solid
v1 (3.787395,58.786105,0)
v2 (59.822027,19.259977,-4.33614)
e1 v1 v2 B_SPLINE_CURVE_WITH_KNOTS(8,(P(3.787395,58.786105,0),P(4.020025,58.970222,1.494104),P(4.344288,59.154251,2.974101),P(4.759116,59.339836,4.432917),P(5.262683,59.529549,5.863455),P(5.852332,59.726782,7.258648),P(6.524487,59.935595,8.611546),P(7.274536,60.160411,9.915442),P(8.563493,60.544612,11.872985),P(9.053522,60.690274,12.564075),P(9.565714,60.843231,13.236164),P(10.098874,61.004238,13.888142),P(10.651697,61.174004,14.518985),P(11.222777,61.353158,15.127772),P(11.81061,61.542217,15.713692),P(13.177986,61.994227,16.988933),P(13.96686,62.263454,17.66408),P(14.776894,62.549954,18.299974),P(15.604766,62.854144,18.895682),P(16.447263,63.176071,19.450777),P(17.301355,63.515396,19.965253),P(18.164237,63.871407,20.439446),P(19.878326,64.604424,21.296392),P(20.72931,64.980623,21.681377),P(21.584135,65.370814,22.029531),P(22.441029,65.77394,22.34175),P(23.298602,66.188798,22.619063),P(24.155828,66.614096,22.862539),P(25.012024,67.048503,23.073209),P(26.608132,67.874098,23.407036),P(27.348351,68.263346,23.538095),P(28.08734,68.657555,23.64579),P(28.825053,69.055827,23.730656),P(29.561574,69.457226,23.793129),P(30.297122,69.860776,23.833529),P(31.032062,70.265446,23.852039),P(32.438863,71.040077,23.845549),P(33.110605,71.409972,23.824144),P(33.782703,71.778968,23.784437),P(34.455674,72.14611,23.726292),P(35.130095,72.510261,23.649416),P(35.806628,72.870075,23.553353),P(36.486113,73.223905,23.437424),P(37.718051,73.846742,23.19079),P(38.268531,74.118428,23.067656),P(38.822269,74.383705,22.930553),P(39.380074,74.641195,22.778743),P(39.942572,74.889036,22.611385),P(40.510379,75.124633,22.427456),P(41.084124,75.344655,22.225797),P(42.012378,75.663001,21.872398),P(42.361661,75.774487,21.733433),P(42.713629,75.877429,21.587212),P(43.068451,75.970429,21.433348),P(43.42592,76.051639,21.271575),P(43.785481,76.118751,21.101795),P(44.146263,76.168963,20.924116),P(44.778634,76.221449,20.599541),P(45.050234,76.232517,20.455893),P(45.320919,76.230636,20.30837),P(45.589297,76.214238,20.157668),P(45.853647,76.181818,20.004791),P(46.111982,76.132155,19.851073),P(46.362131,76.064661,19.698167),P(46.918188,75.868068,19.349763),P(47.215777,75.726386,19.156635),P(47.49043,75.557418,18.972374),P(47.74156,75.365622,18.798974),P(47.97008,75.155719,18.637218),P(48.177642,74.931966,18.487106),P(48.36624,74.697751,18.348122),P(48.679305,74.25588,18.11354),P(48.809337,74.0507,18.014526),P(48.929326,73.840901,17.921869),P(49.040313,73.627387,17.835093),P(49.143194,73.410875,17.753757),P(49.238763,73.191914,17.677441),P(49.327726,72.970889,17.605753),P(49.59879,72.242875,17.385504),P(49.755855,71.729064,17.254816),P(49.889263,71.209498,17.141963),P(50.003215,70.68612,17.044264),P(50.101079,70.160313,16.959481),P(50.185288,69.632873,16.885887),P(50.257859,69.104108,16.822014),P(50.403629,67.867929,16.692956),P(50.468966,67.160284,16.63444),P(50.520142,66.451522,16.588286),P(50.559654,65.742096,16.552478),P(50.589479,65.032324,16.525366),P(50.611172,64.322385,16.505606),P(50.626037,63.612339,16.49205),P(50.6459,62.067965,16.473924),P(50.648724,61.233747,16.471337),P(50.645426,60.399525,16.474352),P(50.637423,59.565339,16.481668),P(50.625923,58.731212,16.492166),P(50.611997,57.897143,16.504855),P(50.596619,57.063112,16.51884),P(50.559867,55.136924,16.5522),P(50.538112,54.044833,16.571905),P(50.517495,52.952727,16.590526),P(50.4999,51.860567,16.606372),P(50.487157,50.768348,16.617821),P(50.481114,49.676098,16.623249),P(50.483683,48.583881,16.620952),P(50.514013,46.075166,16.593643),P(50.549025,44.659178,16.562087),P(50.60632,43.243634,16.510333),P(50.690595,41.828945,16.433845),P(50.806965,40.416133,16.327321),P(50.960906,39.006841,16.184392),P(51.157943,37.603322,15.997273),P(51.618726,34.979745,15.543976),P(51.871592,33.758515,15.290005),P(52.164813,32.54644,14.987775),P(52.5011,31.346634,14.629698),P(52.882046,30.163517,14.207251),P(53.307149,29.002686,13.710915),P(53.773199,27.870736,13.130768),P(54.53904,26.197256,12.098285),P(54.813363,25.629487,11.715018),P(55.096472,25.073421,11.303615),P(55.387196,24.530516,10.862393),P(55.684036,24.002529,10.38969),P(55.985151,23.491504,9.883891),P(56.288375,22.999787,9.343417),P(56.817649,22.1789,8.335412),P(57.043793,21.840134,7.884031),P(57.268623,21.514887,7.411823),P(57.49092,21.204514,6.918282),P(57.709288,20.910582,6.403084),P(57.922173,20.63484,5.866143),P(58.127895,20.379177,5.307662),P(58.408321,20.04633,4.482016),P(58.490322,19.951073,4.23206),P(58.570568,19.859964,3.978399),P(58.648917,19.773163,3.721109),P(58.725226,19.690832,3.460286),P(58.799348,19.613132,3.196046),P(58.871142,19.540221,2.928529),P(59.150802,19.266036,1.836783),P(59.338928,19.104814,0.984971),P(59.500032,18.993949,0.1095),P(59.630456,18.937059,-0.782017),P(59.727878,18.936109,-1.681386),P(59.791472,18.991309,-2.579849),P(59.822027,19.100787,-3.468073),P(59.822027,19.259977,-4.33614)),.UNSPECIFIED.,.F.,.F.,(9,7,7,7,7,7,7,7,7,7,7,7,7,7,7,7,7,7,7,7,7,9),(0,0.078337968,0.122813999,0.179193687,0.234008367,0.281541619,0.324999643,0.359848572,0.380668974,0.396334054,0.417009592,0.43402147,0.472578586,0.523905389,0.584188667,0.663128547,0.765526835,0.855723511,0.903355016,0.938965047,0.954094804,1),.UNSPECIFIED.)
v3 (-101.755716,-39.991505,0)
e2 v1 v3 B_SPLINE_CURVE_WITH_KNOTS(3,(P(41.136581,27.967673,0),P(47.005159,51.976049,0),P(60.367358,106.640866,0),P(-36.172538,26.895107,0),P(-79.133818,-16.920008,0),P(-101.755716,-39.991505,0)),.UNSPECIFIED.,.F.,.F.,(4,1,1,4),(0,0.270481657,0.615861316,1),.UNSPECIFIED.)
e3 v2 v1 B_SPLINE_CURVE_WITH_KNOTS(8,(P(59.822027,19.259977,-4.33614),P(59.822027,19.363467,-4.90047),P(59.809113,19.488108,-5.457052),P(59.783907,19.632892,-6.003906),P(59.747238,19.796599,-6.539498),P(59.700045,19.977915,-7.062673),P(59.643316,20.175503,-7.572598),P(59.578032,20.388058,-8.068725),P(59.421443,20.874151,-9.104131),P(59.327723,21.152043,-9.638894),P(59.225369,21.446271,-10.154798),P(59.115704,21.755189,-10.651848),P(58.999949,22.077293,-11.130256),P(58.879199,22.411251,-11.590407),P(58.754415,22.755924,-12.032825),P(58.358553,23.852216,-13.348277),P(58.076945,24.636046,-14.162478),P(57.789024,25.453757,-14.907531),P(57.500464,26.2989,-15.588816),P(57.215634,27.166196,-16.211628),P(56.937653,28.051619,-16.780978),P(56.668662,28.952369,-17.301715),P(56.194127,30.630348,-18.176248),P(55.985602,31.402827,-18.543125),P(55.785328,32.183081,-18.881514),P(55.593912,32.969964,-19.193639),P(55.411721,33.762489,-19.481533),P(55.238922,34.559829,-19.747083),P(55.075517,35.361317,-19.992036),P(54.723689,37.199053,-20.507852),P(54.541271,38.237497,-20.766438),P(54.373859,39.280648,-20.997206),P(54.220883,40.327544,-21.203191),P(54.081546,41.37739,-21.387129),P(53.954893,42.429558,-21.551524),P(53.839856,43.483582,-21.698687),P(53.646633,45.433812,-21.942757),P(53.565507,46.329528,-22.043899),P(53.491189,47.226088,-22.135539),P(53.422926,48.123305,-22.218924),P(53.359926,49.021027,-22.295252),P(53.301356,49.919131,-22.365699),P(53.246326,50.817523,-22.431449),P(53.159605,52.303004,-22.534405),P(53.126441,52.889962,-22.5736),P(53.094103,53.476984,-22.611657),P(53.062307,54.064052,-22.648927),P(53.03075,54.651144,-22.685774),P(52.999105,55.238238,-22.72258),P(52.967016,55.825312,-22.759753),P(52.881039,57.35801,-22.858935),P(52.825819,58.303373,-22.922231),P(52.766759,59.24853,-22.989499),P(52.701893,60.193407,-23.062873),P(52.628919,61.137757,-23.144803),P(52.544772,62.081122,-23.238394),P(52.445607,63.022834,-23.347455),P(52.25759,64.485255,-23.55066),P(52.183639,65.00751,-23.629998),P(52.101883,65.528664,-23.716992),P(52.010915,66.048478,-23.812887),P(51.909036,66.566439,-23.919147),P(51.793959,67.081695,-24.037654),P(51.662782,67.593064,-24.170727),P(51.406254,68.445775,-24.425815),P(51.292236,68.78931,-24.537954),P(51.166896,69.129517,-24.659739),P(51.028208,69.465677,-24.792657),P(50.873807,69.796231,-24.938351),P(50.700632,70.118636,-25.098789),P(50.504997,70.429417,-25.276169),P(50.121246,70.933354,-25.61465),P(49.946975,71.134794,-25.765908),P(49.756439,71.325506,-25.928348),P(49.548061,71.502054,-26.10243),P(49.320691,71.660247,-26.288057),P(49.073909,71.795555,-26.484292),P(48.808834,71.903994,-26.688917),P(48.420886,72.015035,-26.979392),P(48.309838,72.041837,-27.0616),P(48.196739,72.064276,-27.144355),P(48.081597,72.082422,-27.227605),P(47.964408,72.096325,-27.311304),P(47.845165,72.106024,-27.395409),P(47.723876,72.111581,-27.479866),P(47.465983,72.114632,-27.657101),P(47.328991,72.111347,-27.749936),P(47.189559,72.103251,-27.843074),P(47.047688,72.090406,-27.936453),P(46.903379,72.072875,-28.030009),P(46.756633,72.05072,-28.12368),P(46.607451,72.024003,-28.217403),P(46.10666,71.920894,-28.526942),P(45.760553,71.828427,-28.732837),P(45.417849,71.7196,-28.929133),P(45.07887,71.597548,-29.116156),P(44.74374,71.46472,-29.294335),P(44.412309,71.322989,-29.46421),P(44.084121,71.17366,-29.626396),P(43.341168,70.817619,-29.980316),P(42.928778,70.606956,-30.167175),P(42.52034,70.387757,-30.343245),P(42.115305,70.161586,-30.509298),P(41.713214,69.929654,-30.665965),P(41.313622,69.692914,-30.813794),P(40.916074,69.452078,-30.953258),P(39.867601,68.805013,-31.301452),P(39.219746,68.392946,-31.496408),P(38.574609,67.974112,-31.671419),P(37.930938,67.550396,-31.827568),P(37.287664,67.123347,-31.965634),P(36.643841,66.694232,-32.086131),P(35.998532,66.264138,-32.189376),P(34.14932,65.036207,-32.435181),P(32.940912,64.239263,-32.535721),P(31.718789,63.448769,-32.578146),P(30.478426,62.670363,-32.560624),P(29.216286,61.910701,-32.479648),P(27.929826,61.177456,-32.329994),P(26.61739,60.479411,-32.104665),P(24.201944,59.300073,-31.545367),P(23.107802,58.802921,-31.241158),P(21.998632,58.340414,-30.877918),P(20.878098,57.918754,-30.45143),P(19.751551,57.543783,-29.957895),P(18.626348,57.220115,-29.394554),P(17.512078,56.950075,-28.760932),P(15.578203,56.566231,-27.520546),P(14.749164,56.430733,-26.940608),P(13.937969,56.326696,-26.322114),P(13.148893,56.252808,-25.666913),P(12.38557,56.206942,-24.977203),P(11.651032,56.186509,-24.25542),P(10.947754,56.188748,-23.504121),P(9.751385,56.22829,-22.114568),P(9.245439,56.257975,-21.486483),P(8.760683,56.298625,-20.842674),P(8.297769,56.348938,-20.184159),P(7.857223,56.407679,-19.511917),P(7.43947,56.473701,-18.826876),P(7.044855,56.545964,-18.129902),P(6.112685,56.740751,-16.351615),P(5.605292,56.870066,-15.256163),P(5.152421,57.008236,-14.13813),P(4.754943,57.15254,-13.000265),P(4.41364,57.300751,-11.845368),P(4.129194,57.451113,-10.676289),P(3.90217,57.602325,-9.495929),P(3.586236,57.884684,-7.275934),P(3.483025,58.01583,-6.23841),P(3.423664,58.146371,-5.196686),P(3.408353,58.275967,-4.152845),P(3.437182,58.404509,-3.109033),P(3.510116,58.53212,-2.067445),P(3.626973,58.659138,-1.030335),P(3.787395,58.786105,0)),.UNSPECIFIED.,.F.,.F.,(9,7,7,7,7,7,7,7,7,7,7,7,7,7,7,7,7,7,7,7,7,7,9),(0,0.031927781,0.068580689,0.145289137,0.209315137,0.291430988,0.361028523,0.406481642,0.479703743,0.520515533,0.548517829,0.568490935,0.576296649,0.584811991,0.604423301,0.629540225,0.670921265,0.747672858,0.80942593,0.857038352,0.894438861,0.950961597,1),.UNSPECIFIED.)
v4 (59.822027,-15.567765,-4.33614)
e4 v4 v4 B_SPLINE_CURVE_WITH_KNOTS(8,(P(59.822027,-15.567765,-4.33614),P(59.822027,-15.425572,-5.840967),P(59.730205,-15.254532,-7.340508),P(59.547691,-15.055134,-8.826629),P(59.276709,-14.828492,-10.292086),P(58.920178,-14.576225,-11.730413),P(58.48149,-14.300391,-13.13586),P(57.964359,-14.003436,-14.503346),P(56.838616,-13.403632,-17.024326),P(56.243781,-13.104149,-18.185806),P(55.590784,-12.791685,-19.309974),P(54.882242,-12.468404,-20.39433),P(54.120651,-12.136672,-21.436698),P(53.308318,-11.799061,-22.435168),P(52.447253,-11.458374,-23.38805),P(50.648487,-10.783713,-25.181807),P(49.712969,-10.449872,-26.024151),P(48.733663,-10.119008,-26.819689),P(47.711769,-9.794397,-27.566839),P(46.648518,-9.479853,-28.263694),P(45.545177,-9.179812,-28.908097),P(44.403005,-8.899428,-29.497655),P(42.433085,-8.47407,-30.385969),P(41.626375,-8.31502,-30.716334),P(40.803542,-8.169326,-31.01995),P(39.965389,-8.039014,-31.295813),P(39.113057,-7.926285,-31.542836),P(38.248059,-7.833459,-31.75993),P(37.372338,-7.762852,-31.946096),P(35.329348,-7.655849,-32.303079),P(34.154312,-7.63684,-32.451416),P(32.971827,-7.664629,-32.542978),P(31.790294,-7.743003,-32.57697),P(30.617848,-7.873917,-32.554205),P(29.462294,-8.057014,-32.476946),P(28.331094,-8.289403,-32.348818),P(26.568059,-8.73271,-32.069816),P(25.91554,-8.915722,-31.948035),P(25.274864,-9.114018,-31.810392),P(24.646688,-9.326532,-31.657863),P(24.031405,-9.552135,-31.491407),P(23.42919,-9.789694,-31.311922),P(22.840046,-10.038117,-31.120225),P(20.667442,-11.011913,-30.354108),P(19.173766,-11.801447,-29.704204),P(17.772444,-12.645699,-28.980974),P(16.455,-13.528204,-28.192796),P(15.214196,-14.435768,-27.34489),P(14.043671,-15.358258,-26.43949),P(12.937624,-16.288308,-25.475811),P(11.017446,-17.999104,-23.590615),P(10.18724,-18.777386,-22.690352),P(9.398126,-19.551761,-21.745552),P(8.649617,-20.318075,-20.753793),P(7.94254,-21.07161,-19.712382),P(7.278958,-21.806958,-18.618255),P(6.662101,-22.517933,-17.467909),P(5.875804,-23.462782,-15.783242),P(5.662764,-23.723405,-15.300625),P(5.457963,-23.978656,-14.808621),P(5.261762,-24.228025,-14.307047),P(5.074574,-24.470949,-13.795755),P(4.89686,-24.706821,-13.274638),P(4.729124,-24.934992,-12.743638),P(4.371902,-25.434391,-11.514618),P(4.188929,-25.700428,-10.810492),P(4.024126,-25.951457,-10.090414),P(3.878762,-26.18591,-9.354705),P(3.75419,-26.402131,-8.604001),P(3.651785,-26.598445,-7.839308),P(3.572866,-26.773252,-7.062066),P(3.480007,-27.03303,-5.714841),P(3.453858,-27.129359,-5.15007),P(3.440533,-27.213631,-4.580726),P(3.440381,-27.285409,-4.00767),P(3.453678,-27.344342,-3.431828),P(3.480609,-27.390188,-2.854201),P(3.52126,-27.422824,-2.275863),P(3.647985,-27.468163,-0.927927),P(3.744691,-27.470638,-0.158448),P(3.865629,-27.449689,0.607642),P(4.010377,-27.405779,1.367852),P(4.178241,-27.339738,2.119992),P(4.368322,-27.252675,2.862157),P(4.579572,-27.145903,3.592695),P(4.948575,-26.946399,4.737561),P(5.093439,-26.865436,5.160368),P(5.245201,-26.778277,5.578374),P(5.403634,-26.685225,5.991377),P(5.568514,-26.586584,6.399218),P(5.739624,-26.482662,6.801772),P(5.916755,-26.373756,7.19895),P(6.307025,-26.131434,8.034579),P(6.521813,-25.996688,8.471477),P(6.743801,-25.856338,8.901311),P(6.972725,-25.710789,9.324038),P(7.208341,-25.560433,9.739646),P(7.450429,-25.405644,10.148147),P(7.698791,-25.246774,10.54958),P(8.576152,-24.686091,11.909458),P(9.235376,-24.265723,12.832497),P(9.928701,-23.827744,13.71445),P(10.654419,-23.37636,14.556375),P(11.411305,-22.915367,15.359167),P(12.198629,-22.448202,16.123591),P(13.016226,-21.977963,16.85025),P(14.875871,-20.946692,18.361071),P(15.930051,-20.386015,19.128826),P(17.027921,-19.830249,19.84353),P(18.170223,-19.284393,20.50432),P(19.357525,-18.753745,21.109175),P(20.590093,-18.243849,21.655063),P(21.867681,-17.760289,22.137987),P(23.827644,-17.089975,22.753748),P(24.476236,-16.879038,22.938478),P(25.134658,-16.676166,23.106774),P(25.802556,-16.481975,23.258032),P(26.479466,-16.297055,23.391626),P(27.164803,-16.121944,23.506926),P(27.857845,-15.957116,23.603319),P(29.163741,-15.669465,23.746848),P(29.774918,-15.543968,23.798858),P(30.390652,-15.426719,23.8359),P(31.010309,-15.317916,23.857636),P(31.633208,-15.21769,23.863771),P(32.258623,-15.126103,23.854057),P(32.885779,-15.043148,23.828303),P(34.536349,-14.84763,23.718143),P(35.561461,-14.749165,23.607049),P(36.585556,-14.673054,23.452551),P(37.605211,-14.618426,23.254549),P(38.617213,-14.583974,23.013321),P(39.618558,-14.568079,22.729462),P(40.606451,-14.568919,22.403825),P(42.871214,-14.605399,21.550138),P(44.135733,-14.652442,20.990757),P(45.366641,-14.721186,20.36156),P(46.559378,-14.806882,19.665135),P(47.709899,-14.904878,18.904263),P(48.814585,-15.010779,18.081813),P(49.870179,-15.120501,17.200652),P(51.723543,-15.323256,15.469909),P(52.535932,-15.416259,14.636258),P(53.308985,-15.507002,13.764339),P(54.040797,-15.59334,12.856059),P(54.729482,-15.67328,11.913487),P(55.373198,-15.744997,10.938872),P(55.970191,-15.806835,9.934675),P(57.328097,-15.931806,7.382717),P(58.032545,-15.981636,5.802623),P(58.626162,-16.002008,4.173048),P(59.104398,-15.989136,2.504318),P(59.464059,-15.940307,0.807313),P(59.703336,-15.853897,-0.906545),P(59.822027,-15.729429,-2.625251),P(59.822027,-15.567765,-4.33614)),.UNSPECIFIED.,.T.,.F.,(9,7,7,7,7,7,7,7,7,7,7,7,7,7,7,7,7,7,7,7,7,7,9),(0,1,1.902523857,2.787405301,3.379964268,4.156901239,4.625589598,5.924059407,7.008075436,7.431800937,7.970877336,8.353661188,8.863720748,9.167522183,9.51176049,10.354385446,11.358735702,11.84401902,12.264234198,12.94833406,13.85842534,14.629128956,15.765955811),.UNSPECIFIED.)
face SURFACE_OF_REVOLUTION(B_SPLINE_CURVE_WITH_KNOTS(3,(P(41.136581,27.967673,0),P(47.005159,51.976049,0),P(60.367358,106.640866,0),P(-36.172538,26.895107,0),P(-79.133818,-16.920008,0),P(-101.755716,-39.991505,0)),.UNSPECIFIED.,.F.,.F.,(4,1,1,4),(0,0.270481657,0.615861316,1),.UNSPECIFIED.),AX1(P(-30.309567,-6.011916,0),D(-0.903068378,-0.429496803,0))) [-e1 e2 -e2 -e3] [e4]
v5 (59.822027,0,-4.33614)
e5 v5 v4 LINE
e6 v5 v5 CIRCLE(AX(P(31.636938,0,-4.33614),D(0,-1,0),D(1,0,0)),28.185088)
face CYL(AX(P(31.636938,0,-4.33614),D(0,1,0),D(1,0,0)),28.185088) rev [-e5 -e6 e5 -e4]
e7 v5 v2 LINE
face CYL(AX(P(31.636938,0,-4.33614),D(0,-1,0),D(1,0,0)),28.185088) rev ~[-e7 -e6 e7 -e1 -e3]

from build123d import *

# Parameters (mm, degrees)
F2_R          = 28.1850883876
F3_DEPTH      = 74.6
F3_DEPTH_BACK = 106.8


with BuildPart() as f1:
    # F0 (on Top) → F1 (revolve)
    with BuildSketch(Plane.XY):
        with BuildLine():
            Line((-101.7557159066, -39.991505444), (41.1365814507, 27.9676727951))
            add(Edge.make_bspline(
                [(41.1365814507, 27.9676727951), (47.0051589144, 51.9760491697), (60.3673583179, 106.6408660623), (-36.1725377897, 26.895106916), (-79.1338178549, -16.9200080071), (-101.7557159066, -39.991505444)],
                knots=[0, 0, 0, 0, 0.2704816575, 0.6158613164, 1, 1, 1, 1], degree=3))
        make_face()
    revolve(axis=Axis((-30.309567228, -6.0119163245, 0), (-0.9030683785, -0.429496803, 0)))

    # F2 (on Front) → F3 (cut, two sides)
    with BuildSketch(Plane.XZ) as f3_sk:
        with Locations((31.6369384527, -4.3361401185)):
            Circle(F2_R)
    extrude(amount=F3_DEPTH, mode=Mode.SUBTRACT)
    extrude(f3_sk.sketch, amount=-F3_DEPTH_BACK, mode=Mode.SUBTRACT)


solid = f1.part
